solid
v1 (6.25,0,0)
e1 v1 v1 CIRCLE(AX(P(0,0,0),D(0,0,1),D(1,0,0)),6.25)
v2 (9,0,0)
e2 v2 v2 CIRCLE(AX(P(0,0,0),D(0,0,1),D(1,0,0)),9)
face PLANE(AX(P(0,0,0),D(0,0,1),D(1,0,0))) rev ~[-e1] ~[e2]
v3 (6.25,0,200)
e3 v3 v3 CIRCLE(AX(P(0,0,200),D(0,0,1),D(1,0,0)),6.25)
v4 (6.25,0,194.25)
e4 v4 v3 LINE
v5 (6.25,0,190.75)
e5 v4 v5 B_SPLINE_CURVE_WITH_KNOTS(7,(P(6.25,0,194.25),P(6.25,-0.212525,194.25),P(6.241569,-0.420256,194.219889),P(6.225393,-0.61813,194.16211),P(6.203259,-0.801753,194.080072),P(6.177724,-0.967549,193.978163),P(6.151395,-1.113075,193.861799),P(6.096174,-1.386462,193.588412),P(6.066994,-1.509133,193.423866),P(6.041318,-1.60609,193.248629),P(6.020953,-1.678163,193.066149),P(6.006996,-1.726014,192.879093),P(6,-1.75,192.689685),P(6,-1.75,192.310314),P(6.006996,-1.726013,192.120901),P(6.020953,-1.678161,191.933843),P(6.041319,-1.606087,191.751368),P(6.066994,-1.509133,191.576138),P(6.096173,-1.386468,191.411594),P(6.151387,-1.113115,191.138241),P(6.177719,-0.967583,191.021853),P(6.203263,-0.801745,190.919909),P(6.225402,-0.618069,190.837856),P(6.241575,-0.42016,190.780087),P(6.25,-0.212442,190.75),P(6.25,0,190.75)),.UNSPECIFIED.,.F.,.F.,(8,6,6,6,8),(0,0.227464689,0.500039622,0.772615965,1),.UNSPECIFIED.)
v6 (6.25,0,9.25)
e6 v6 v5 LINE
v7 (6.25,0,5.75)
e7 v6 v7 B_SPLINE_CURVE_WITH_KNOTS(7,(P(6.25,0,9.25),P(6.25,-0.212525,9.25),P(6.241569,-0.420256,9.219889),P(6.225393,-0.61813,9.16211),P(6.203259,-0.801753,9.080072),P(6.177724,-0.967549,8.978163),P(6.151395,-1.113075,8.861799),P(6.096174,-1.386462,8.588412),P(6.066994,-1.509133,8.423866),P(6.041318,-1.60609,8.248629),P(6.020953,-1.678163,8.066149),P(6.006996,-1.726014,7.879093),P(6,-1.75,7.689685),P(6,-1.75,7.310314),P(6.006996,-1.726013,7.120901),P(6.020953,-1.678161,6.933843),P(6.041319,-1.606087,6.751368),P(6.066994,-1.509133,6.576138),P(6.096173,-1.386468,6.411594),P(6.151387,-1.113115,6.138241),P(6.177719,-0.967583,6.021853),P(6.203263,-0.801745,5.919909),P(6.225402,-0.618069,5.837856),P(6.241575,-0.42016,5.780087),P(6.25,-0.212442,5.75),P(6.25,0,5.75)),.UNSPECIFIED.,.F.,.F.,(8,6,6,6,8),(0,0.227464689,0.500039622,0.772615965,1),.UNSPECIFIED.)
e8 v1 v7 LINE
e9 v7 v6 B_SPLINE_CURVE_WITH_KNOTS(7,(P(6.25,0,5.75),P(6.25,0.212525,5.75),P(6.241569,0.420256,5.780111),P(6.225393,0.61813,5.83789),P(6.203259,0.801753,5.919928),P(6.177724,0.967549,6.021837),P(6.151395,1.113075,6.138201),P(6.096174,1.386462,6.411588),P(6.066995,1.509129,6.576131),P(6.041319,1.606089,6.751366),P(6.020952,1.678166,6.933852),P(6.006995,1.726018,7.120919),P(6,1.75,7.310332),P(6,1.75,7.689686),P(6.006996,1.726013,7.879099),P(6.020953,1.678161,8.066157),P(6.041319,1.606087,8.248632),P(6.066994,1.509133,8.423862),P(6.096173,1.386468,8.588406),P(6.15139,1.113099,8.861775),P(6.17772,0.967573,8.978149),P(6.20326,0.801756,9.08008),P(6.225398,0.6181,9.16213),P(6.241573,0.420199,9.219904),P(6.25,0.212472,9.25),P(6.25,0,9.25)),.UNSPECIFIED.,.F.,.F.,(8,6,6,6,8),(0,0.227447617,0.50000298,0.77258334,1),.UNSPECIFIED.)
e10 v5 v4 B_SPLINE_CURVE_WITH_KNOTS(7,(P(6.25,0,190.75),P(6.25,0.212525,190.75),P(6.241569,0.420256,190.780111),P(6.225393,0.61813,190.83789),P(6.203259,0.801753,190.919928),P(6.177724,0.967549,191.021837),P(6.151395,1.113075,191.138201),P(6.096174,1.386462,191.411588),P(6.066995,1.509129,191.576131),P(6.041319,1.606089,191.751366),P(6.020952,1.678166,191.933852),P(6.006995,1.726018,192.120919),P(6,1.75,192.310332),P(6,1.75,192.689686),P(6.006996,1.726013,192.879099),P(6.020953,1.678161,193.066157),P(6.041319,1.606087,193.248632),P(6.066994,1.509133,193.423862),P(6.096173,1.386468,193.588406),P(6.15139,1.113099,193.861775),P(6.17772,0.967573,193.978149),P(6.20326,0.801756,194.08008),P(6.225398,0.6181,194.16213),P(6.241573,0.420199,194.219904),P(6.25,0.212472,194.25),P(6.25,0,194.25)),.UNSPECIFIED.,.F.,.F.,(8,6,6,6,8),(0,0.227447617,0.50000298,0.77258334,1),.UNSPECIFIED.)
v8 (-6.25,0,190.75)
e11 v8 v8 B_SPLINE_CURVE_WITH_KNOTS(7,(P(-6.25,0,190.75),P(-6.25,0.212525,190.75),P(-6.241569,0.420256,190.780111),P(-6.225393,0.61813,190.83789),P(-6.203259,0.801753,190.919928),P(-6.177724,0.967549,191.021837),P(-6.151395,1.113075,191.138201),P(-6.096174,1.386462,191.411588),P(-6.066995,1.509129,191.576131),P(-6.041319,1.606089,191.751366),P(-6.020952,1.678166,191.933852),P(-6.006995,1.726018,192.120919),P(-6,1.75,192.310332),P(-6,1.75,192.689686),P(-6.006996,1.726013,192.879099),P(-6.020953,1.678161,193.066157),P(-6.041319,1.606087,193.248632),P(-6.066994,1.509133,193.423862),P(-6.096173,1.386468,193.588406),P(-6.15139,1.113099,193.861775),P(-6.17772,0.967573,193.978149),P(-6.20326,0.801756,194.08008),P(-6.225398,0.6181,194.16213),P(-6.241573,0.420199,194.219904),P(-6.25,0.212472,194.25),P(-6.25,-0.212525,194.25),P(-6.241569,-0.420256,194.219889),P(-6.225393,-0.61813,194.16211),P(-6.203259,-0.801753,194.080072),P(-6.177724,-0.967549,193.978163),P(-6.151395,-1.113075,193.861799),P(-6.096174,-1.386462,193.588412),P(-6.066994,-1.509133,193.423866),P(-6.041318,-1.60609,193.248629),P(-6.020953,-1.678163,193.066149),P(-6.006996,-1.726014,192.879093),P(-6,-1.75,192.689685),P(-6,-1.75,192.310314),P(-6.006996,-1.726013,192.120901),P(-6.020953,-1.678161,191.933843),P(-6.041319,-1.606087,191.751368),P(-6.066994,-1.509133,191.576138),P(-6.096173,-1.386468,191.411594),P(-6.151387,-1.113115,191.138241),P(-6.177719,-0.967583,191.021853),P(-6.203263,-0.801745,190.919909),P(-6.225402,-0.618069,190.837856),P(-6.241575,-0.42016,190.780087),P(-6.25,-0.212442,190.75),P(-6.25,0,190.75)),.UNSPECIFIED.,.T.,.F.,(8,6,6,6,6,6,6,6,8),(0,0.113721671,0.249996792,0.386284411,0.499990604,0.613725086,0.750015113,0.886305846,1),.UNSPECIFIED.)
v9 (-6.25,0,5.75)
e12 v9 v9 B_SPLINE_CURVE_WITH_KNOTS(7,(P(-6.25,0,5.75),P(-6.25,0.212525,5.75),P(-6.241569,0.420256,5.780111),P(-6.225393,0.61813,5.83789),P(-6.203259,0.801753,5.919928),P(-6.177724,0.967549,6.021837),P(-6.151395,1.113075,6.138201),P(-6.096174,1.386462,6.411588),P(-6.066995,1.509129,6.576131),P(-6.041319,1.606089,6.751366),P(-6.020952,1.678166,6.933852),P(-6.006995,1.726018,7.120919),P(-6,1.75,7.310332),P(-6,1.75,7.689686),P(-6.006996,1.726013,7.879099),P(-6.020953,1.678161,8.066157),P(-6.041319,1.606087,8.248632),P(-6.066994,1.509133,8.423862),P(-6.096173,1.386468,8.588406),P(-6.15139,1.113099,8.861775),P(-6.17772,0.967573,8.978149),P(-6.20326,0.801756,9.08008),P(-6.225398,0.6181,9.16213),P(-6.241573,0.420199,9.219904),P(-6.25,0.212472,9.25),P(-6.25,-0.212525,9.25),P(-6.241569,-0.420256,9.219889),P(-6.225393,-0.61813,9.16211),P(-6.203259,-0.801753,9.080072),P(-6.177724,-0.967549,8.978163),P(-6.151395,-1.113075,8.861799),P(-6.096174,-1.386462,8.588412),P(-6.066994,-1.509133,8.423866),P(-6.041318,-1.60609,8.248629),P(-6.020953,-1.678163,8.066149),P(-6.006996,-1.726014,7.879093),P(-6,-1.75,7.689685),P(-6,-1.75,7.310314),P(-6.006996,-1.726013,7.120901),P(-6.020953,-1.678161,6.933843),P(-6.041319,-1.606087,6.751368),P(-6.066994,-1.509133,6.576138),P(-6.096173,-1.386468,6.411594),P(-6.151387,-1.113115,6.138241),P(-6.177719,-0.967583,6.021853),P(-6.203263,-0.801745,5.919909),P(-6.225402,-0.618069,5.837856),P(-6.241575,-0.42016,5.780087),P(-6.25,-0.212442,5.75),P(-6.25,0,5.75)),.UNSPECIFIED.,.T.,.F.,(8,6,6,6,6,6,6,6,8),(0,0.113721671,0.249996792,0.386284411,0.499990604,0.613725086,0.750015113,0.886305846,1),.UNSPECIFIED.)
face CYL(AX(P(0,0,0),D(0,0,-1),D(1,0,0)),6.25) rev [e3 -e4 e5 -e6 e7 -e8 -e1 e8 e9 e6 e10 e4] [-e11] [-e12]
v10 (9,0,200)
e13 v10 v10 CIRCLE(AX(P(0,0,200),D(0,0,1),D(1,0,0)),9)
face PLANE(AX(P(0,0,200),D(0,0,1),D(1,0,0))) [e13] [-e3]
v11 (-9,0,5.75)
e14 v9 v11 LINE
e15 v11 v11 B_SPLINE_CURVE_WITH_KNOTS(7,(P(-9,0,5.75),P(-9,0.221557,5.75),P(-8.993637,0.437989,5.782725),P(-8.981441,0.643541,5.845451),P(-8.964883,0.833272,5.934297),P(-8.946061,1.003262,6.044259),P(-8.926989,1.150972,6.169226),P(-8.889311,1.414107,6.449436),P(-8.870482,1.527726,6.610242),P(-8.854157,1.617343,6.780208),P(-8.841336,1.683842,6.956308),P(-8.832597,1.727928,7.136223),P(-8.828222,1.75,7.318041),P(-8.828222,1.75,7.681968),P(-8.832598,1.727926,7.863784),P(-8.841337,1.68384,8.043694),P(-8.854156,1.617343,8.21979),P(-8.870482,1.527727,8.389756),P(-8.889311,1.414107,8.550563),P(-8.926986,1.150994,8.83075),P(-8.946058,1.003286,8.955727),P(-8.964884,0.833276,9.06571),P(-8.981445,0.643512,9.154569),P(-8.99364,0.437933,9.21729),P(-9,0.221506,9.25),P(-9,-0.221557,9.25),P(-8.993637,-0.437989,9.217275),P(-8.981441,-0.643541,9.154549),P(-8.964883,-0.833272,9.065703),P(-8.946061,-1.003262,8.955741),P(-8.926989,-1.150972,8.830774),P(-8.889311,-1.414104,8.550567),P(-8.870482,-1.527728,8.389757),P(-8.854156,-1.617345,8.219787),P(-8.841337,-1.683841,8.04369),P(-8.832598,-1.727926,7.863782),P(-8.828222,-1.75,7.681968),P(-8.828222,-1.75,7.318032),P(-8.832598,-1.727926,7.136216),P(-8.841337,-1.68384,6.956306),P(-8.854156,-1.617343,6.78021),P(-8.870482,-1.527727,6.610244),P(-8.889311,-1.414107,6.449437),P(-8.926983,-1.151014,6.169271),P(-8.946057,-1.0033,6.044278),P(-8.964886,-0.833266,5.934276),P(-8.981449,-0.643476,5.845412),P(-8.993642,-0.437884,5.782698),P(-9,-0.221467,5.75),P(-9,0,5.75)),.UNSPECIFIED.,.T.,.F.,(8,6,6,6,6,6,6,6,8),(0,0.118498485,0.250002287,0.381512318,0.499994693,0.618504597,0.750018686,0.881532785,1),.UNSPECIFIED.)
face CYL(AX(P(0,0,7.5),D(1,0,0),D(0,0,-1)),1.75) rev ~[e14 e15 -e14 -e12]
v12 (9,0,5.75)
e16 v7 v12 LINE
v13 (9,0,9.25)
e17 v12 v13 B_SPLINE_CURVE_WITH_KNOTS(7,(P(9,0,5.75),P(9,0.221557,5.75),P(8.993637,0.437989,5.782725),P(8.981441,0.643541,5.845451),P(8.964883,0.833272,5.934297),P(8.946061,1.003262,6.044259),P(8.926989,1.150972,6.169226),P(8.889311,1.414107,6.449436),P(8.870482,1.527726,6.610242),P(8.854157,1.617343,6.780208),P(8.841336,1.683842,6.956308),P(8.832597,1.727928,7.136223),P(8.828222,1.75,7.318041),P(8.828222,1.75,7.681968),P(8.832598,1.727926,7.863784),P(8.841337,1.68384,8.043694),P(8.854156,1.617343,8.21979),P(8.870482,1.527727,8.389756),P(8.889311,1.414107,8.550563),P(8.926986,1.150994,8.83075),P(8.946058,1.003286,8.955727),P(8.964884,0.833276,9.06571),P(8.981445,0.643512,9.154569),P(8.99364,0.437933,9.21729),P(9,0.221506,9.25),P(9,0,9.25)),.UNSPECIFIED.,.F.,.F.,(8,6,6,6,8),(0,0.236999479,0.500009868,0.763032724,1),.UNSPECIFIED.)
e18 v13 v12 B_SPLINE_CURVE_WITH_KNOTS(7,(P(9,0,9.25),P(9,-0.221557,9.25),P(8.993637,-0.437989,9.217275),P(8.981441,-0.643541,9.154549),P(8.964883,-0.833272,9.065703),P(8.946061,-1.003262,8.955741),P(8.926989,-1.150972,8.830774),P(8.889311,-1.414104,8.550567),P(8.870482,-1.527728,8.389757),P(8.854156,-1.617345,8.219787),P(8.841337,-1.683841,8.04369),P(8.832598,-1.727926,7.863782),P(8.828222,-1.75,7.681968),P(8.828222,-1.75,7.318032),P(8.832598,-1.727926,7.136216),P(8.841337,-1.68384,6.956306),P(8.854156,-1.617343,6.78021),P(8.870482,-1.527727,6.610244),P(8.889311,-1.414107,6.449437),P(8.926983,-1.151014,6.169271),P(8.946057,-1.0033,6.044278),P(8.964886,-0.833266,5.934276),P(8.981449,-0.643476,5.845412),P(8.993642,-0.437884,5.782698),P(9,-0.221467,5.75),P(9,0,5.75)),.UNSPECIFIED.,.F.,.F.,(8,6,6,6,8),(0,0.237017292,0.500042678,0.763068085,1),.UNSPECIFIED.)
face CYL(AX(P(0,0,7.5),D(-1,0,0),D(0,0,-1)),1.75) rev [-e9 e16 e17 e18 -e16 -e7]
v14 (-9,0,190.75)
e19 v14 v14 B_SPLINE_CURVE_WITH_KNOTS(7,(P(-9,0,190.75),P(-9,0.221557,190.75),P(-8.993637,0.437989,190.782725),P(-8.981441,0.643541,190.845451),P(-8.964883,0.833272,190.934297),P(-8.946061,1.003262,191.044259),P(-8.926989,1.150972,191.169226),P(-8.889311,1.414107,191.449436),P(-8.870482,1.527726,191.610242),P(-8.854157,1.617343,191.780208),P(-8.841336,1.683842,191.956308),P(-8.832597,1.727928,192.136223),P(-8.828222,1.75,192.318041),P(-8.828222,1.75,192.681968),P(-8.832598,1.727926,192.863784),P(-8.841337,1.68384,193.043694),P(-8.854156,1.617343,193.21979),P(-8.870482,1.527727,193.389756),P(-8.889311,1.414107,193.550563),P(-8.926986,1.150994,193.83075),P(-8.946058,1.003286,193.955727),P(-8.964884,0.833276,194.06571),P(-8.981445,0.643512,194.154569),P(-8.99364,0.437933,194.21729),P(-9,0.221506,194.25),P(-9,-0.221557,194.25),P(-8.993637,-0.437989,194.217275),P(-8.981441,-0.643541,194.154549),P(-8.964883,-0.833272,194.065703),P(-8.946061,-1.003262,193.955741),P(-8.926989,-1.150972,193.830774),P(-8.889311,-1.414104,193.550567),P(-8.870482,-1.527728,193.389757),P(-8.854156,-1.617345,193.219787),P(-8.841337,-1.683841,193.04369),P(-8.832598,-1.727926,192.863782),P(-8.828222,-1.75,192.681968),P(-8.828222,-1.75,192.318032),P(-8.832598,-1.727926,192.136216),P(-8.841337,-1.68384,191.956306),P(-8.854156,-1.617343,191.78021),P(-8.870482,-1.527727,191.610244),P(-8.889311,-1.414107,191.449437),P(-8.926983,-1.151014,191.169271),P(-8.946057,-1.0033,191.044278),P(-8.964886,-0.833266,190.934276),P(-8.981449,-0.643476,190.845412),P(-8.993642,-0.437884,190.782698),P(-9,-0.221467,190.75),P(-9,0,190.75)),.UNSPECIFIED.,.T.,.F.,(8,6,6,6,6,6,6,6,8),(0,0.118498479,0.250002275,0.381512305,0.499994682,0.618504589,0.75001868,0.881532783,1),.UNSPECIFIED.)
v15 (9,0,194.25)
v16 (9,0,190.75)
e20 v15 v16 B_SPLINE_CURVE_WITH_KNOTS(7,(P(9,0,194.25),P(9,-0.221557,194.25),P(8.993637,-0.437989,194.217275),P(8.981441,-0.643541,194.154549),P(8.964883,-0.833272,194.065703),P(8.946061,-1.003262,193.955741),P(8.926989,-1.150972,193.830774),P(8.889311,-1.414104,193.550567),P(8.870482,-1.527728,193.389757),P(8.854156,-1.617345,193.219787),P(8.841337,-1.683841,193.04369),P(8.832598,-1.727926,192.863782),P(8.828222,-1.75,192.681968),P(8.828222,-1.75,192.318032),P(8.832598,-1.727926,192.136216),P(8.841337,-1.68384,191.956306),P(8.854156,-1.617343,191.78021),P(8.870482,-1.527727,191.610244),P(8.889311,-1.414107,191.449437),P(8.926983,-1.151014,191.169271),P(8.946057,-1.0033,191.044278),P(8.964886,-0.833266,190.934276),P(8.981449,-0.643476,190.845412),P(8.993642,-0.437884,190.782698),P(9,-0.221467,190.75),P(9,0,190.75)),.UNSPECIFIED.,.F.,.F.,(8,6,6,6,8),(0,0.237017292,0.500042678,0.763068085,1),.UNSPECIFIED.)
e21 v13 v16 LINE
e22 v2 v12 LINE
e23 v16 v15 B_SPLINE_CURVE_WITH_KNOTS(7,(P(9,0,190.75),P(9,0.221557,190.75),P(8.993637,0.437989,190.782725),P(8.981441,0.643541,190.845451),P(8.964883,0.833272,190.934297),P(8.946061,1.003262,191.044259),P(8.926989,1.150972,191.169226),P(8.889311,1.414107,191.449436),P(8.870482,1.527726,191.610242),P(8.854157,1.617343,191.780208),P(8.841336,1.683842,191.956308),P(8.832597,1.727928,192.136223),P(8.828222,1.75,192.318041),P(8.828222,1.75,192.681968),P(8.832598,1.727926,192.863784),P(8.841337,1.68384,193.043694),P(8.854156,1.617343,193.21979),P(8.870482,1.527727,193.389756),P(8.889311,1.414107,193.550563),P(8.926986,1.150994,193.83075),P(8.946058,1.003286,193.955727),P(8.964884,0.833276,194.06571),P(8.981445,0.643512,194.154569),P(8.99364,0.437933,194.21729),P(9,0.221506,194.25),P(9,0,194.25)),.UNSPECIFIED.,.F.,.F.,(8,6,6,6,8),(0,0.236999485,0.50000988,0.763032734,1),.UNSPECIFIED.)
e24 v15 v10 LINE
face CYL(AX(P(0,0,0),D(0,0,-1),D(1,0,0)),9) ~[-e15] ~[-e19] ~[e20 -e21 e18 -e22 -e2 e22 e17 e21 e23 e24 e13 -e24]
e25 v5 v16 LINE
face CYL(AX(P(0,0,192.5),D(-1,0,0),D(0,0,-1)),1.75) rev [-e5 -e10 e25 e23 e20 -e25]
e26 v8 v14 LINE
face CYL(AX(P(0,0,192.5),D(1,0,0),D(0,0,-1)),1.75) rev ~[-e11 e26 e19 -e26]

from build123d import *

# Parameters (mm, degrees)
SKETCH_1_R               = 9
SKETCH_1_R_2             = 6.25
EXTRUDE_1_DEPTH          = 200
SKETCH_2_R               = 1.75
CUT_EXTRUDE_1_DEPTH      = 10
CUT_EXTRUDE_1_DEPTH_BACK = 10


with BuildPart() as part:
    # ｽｹｯﾁ1 → ﾎﾞｽ - 押し出し1 (new body)
    with BuildSketch(Plane.XY):
        Circle(SKETCH_1_R)
        Circle(SKETCH_1_R_2, mode=Mode.SUBTRACT)
    extrude(amount=EXTRUDE_1_DEPTH)

    # ｽｹｯﾁ2 → ｶｯﾄ - 押し出し1 (cut, two sides)
    with BuildSketch(Plane(origin=(0, 0, 0), x_dir=(0, 0, -1), z_dir=(1, 0, 0))) as cut_extrude_1_sk:
        with Locations((-7.5, 0)):
            Circle(SKETCH_2_R)
        with Locations((-192.5, 0)):
            Circle(SKETCH_2_R)
    extrude(amount=CUT_EXTRUDE_1_DEPTH, mode=Mode.SUBTRACT)
    extrude(cut_extrude_1_sk.sketch, amount=-CUT_EXTRUDE_1_DEPTH_BACK, mode=Mode.SUBTRACT)


solid = part.part
